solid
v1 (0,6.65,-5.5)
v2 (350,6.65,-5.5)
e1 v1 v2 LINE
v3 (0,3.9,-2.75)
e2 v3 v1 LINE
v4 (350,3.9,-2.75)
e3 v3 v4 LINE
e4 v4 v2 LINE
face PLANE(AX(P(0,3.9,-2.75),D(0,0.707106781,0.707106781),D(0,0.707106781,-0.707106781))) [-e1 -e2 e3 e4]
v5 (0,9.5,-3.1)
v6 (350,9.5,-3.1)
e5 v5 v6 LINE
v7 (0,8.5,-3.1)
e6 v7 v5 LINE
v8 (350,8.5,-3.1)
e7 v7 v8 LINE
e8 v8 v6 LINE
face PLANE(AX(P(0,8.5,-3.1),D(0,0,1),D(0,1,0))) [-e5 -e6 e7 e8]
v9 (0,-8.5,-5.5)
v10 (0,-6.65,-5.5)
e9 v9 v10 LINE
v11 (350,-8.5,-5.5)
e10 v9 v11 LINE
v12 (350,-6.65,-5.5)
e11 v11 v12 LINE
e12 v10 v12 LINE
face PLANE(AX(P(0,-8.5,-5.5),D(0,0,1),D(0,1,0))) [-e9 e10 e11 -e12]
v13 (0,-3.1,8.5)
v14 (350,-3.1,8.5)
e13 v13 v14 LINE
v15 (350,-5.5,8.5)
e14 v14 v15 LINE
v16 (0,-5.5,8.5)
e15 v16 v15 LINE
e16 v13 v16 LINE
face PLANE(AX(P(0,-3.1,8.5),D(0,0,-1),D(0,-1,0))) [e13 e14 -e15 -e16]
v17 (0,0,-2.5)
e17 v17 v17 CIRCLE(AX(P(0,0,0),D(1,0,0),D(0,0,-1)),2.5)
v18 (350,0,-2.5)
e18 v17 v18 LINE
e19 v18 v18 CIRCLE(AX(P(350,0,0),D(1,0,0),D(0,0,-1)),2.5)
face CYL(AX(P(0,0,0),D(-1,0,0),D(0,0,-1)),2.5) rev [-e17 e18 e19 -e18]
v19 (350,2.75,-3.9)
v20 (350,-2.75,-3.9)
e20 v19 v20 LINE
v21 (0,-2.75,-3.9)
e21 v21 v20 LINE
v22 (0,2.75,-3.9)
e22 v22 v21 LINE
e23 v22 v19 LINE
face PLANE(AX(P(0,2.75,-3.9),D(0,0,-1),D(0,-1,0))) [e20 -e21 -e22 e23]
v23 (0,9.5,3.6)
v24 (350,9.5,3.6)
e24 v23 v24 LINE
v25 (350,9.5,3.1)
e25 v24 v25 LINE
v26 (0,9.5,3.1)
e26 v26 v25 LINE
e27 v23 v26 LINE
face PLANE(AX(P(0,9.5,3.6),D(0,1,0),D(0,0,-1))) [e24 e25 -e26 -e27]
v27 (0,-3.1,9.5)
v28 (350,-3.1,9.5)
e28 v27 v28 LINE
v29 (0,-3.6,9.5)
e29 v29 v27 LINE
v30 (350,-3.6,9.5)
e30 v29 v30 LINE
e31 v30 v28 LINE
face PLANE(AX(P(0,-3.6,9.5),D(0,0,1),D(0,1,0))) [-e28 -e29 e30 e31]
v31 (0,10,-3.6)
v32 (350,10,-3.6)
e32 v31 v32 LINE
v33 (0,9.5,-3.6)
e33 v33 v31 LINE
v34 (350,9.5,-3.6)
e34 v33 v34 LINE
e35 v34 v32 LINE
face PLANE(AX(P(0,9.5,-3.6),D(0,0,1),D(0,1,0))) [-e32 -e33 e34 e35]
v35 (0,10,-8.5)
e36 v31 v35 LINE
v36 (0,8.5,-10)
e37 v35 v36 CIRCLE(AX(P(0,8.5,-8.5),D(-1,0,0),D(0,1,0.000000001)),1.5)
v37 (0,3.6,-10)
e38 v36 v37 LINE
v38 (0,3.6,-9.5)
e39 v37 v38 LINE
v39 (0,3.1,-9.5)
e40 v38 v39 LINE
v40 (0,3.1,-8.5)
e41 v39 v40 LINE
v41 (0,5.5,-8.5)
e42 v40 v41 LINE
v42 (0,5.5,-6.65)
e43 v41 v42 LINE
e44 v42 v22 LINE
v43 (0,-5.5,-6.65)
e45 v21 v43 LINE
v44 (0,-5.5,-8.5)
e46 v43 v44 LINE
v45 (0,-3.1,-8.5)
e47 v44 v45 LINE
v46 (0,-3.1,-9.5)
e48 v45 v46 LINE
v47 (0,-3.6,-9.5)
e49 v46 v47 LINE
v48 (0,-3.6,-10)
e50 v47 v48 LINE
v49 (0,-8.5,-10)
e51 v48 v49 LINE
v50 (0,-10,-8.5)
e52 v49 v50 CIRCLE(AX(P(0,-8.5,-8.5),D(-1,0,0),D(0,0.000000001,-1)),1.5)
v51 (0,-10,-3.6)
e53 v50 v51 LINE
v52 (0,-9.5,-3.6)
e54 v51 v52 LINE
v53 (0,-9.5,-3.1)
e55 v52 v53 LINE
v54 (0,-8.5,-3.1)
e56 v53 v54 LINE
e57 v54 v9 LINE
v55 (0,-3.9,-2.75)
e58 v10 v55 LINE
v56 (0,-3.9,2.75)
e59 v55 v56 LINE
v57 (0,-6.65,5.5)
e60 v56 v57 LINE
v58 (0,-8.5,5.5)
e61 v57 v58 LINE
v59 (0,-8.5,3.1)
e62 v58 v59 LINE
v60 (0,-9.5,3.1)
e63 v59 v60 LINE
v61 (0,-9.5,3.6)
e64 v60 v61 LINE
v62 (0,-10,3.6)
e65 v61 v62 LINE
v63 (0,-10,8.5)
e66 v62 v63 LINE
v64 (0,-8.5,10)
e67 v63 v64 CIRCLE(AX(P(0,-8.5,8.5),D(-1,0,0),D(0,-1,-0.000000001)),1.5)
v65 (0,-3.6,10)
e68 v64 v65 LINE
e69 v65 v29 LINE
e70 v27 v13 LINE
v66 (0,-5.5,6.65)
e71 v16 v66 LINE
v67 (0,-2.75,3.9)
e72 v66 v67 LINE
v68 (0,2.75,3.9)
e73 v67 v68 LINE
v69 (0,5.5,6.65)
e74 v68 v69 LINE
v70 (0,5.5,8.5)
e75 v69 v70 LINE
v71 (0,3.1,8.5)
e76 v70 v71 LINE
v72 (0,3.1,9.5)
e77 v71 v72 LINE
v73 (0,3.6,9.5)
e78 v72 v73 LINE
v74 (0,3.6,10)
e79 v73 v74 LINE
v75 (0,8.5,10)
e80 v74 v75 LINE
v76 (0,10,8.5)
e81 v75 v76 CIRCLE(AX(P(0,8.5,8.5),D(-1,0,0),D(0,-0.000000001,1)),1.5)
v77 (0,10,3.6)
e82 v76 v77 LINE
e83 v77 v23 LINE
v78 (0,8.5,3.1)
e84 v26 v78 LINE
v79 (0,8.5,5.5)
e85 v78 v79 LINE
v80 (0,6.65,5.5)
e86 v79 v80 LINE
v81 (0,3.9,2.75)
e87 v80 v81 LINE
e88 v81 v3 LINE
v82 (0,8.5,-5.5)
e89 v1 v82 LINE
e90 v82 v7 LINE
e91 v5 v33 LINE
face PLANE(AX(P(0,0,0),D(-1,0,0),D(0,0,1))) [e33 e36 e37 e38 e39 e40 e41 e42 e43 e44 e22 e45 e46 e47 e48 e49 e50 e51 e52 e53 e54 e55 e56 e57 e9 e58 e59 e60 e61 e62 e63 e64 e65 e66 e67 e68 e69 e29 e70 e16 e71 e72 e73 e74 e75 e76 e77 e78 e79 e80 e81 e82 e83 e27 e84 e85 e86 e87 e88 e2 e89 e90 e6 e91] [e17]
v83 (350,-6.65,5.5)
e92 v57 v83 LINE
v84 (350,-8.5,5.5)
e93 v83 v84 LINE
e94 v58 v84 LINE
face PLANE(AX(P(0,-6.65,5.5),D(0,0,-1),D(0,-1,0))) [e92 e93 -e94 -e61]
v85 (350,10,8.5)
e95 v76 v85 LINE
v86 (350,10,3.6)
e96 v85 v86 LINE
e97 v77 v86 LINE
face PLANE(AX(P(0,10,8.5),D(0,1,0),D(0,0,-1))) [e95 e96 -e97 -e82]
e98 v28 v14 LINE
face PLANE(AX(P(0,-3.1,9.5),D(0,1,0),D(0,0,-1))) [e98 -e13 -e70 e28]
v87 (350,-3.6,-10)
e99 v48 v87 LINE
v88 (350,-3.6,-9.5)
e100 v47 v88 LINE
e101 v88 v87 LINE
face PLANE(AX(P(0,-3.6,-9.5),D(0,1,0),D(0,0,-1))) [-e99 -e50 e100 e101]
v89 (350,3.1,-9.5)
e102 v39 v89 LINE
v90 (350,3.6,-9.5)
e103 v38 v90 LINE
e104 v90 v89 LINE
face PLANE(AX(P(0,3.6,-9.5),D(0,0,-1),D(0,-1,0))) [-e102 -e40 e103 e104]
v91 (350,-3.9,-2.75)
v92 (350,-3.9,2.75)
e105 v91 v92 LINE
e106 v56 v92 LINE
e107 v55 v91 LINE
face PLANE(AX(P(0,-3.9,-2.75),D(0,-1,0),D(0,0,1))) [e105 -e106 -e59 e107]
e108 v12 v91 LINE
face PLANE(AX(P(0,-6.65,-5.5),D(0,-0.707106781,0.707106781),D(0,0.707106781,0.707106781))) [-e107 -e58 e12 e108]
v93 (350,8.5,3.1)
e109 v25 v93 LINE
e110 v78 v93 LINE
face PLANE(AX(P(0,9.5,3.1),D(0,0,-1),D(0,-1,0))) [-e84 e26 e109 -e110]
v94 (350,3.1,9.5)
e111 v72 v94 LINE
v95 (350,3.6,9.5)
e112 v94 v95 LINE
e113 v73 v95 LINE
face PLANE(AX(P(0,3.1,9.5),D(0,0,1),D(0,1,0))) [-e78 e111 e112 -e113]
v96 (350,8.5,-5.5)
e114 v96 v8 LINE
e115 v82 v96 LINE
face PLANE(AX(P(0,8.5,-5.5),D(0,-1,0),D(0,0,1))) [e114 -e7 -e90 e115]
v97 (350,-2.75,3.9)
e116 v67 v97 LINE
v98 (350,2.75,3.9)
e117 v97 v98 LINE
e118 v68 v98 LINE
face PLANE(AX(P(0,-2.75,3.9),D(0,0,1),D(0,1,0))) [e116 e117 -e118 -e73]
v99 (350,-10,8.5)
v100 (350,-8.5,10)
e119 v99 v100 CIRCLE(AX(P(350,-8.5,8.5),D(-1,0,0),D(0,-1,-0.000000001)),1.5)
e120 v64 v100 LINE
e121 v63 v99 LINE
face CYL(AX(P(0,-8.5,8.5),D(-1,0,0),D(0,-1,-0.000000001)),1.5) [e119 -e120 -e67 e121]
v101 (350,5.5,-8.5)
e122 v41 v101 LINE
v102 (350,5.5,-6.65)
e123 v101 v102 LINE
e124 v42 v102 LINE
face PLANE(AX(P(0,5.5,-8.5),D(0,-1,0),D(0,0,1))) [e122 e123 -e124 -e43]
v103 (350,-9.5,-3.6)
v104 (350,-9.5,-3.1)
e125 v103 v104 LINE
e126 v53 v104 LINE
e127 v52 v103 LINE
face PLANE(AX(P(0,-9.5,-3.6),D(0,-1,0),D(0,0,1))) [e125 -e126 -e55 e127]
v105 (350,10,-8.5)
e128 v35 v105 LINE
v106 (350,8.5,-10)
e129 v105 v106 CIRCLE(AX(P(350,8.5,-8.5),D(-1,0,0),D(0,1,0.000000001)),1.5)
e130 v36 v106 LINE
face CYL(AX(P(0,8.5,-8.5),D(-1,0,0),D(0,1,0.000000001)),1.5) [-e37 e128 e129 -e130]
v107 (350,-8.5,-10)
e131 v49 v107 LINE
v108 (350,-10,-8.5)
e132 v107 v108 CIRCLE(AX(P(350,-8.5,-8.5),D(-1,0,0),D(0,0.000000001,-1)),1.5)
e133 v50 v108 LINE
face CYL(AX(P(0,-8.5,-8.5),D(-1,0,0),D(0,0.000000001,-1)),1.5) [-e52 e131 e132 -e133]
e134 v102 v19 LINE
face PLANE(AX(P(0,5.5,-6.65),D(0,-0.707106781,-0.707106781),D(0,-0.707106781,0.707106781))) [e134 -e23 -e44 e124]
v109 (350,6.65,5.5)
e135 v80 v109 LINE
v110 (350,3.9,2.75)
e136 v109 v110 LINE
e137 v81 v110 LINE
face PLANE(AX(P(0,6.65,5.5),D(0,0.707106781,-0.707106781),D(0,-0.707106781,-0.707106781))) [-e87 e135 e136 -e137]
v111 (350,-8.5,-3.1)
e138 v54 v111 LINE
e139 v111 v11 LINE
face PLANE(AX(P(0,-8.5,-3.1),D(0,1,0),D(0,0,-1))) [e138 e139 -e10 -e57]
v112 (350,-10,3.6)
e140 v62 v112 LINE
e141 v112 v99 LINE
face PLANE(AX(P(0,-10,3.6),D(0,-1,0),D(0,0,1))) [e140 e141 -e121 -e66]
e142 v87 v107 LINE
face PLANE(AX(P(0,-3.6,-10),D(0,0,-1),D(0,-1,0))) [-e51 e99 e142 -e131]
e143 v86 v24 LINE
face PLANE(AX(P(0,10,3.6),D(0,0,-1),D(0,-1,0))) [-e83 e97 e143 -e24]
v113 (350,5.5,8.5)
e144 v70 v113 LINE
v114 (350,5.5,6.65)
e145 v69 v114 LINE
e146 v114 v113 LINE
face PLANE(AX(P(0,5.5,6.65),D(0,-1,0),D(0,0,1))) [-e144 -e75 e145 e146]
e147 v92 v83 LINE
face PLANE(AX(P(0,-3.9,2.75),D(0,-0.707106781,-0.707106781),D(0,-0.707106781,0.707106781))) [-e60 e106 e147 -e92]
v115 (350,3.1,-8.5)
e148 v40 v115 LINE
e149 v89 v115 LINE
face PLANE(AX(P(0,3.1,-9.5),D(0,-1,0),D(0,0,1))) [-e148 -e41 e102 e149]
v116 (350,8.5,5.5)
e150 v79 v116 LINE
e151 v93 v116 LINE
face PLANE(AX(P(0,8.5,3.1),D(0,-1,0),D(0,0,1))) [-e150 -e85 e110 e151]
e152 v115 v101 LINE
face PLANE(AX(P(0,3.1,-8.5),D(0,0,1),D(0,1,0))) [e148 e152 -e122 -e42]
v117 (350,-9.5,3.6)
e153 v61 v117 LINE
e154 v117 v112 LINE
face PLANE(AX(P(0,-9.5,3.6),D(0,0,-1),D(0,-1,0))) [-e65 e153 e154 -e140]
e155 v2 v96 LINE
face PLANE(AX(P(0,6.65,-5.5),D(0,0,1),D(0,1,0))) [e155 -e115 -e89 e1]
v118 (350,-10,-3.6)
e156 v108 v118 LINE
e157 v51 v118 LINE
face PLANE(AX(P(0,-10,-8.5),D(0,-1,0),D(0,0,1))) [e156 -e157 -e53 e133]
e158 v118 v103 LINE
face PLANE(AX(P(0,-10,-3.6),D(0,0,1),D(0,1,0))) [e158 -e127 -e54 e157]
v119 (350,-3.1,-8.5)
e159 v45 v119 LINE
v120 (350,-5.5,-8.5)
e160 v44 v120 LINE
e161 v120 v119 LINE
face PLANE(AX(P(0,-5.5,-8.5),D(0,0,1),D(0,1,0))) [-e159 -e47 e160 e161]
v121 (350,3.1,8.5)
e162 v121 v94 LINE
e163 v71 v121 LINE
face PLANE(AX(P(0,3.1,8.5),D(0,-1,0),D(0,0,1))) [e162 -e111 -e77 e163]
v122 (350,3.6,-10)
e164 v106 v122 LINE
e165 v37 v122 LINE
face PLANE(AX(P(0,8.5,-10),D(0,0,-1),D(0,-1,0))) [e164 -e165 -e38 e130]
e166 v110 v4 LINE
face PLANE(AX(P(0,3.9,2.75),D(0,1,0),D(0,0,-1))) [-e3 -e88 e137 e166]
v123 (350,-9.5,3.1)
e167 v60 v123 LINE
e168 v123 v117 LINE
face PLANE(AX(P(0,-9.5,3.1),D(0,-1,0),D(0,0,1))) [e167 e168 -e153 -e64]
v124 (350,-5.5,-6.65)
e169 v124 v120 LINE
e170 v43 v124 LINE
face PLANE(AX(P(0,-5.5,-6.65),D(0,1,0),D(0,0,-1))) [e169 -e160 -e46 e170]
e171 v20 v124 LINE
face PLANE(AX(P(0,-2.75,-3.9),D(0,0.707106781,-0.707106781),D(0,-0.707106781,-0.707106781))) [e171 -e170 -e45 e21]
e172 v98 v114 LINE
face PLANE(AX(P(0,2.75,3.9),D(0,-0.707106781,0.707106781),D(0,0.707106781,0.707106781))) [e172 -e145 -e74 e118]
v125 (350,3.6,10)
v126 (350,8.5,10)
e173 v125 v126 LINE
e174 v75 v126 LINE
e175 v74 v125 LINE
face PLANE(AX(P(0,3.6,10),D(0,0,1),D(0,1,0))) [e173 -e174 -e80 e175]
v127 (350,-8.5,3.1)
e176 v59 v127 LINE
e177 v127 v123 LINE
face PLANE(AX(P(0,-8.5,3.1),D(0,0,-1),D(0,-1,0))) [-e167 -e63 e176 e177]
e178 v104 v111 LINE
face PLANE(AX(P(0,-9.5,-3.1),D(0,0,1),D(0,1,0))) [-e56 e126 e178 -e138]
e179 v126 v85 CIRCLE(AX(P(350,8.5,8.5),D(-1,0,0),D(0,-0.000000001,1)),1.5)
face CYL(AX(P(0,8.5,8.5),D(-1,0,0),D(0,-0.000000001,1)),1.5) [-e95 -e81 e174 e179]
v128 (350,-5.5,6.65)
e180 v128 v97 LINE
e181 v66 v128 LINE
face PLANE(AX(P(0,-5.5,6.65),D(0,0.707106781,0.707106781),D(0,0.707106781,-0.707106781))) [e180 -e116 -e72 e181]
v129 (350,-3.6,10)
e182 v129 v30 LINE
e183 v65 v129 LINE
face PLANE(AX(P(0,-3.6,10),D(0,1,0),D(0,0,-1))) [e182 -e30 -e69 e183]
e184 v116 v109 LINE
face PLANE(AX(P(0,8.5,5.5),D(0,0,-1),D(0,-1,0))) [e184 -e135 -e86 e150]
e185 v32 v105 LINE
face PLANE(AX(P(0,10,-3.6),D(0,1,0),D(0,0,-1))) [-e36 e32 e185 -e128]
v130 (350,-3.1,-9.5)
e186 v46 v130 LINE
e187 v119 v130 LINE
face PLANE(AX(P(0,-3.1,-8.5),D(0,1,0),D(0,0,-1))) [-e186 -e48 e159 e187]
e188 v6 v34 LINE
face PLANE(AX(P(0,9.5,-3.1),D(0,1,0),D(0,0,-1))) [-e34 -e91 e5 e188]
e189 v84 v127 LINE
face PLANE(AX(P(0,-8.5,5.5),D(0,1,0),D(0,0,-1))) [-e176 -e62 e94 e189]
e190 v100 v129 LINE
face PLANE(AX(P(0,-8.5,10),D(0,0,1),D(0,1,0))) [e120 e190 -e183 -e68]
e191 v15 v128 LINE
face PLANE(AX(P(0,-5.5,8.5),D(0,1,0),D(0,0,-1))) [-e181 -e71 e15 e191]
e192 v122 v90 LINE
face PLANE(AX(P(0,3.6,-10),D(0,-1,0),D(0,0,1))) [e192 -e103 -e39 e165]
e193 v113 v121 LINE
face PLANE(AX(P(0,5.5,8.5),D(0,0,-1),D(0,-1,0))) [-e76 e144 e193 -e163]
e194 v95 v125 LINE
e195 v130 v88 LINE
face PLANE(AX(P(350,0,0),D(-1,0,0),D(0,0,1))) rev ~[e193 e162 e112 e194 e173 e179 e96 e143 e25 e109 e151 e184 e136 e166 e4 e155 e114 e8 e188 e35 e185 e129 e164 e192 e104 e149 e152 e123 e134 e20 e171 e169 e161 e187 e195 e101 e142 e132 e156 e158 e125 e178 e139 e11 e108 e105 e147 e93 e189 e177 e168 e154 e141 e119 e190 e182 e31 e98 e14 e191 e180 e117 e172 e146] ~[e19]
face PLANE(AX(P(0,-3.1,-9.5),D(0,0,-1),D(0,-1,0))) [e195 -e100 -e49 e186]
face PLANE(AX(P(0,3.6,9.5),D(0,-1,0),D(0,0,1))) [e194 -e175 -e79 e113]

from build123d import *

# Parameters (mm, degrees)
SKETCH1_R                = 2.5
F_20_X_20_X_R1_5_1_DEPTH = 350


with BuildPart() as part:
    # Sketch1 → 铝型材 20 X 20 X R1.5(1) (new body)
    with BuildSketch(Plane(origin=(0, 0, 0), x_dir=(0, 0, -1), z_dir=(1, 0, 0))):
        with BuildLine():
            Line((-3.6, 10), (-3.6, 9.5))
            Line((-3.6, 9.5), (-3.1, 9.5))
            Line((-3.1, 9.5), (-3.1, 8.5))
            Line((-3.1, 8.5), (-5.5, 8.5))
            Line((-5.5, 8.5), (-5.5, 6.65))
            Line((-5.5, 6.65), (-2.75, 3.9))
            Line((-2.75, 3.9), (2.75, 3.9))
            Line((2.75, 3.9), (5.5, 6.65))
            Line((5.5, 6.65), (5.5, 8.5))
            Line((5.5, 8.5), (3.1, 8.5))
            Line((3.1, 8.5), (3.1, 9.5))
            Line((3.1, 9.5), (3.6, 9.5))
            Line((3.6, 9.5), (3.6, 10))
            Line((3.6, 10), (8.5, 10))
            ThreePointArc((8.5, 10), (9.560660172, 9.560660172), (10, 8.5))
            Line((10, 8.5), (10, 3.6))
            Line((10, 3.6), (9.5, 3.6))
            Line((9.5, 3.6), (9.5, 3.1))
            Line((9.5, 3.1), (8.5, 3.1))
            Line((8.5, 3.1), (8.5, 5.5))
            Line((8.5, 5.5), (6.65, 5.5))
            Line((6.65, 5.5), (3.9, 2.75))
            Line((3.9, 2.75), (3.9, -2.75))
            Line((3.9, -2.75), (6.65, -5.5))
            Line((6.65, -5.5), (8.5, -5.5))
            Line((8.5, -5.5), (8.5, -3.1))
            Line((8.5, -3.1), (9.5, -3.1))
            Line((9.5, -3.1), (9.5, -3.6))
            Line((9.5, -3.6), (10, -3.6))
            Line((10, -3.6), (10, -8.5))
            ThreePointArc((10, -8.5), (9.560660172, -9.560660172), (8.5, -10))
            Line((8.5, -10), (3.6, -10))
            Line((3.6, -10), (3.6, -9.5))
            Line((3.6, -9.5), (3.1, -9.5))
            Line((3.1, -9.5), (3.1, -8.5))
            Line((3.1, -8.5), (5.5, -8.5))
            Line((5.5, -8.5), (5.5, -6.65))
            Line((5.5, -6.65), (2.75, -3.9))
            Line((2.75, -3.9), (-2.75, -3.9))
            Line((-2.75, -3.9), (-5.5, -6.65))
            Line((-5.5, -6.65), (-5.5, -8.5))
            Line((-5.5, -8.5), (-3.1, -8.5))
            Line((-3.1, -8.5), (-3.1, -9.5))
            Line((-3.1, -9.5), (-3.6, -9.5))
            Line((-3.6, -9.5), (-3.6, -10))
            Line((-3.6, -10), (-8.5, -10))
            ThreePointArc((-8.5, -10), (-9.560660172, -9.560660172), (-10, -8.5))
            Line((-10, -8.5), (-10, -3.6))
            Line((-10, -3.6), (-9.5, -3.6))
            Line((-9.5, -3.6), (-9.5, -3.1))
            Line((-9.5, -3.1), (-8.5, -3.1))
            Line((-8.5, -3.1), (-8.5, -5.5))
            Line((-8.5, -5.5), (-6.65, -5.5))
            Line((-6.65, -5.5), (-3.9, -2.75))
            Line((-3.9, -2.75), (-3.9, 2.75))
            Line((-3.9, 2.75), (-6.65, 5.5))
            Line((-6.65, 5.5), (-8.5, 5.5))
            Line((-8.5, 5.5), (-8.5, 3.1))
            Line((-8.5, 3.1), (-9.5, 3.1))
            Line((-9.5, 3.1), (-9.5, 3.6))
            Line((-9.5, 3.6), (-10, 3.6))
            Line((-10, 3.6), (-10, 8.5))
            ThreePointArc((-10, 8.5), (-9.560660172, 9.560660172), (-8.5, 10))
            Line((-8.5, 10), (-3.6, 10))
        make_face()
        Circle(SKETCH1_R, mode=Mode.SUBTRACT)
    extrude(amount=F_20_X_20_X_R1_5_1_DEPTH)


solid = part.part
